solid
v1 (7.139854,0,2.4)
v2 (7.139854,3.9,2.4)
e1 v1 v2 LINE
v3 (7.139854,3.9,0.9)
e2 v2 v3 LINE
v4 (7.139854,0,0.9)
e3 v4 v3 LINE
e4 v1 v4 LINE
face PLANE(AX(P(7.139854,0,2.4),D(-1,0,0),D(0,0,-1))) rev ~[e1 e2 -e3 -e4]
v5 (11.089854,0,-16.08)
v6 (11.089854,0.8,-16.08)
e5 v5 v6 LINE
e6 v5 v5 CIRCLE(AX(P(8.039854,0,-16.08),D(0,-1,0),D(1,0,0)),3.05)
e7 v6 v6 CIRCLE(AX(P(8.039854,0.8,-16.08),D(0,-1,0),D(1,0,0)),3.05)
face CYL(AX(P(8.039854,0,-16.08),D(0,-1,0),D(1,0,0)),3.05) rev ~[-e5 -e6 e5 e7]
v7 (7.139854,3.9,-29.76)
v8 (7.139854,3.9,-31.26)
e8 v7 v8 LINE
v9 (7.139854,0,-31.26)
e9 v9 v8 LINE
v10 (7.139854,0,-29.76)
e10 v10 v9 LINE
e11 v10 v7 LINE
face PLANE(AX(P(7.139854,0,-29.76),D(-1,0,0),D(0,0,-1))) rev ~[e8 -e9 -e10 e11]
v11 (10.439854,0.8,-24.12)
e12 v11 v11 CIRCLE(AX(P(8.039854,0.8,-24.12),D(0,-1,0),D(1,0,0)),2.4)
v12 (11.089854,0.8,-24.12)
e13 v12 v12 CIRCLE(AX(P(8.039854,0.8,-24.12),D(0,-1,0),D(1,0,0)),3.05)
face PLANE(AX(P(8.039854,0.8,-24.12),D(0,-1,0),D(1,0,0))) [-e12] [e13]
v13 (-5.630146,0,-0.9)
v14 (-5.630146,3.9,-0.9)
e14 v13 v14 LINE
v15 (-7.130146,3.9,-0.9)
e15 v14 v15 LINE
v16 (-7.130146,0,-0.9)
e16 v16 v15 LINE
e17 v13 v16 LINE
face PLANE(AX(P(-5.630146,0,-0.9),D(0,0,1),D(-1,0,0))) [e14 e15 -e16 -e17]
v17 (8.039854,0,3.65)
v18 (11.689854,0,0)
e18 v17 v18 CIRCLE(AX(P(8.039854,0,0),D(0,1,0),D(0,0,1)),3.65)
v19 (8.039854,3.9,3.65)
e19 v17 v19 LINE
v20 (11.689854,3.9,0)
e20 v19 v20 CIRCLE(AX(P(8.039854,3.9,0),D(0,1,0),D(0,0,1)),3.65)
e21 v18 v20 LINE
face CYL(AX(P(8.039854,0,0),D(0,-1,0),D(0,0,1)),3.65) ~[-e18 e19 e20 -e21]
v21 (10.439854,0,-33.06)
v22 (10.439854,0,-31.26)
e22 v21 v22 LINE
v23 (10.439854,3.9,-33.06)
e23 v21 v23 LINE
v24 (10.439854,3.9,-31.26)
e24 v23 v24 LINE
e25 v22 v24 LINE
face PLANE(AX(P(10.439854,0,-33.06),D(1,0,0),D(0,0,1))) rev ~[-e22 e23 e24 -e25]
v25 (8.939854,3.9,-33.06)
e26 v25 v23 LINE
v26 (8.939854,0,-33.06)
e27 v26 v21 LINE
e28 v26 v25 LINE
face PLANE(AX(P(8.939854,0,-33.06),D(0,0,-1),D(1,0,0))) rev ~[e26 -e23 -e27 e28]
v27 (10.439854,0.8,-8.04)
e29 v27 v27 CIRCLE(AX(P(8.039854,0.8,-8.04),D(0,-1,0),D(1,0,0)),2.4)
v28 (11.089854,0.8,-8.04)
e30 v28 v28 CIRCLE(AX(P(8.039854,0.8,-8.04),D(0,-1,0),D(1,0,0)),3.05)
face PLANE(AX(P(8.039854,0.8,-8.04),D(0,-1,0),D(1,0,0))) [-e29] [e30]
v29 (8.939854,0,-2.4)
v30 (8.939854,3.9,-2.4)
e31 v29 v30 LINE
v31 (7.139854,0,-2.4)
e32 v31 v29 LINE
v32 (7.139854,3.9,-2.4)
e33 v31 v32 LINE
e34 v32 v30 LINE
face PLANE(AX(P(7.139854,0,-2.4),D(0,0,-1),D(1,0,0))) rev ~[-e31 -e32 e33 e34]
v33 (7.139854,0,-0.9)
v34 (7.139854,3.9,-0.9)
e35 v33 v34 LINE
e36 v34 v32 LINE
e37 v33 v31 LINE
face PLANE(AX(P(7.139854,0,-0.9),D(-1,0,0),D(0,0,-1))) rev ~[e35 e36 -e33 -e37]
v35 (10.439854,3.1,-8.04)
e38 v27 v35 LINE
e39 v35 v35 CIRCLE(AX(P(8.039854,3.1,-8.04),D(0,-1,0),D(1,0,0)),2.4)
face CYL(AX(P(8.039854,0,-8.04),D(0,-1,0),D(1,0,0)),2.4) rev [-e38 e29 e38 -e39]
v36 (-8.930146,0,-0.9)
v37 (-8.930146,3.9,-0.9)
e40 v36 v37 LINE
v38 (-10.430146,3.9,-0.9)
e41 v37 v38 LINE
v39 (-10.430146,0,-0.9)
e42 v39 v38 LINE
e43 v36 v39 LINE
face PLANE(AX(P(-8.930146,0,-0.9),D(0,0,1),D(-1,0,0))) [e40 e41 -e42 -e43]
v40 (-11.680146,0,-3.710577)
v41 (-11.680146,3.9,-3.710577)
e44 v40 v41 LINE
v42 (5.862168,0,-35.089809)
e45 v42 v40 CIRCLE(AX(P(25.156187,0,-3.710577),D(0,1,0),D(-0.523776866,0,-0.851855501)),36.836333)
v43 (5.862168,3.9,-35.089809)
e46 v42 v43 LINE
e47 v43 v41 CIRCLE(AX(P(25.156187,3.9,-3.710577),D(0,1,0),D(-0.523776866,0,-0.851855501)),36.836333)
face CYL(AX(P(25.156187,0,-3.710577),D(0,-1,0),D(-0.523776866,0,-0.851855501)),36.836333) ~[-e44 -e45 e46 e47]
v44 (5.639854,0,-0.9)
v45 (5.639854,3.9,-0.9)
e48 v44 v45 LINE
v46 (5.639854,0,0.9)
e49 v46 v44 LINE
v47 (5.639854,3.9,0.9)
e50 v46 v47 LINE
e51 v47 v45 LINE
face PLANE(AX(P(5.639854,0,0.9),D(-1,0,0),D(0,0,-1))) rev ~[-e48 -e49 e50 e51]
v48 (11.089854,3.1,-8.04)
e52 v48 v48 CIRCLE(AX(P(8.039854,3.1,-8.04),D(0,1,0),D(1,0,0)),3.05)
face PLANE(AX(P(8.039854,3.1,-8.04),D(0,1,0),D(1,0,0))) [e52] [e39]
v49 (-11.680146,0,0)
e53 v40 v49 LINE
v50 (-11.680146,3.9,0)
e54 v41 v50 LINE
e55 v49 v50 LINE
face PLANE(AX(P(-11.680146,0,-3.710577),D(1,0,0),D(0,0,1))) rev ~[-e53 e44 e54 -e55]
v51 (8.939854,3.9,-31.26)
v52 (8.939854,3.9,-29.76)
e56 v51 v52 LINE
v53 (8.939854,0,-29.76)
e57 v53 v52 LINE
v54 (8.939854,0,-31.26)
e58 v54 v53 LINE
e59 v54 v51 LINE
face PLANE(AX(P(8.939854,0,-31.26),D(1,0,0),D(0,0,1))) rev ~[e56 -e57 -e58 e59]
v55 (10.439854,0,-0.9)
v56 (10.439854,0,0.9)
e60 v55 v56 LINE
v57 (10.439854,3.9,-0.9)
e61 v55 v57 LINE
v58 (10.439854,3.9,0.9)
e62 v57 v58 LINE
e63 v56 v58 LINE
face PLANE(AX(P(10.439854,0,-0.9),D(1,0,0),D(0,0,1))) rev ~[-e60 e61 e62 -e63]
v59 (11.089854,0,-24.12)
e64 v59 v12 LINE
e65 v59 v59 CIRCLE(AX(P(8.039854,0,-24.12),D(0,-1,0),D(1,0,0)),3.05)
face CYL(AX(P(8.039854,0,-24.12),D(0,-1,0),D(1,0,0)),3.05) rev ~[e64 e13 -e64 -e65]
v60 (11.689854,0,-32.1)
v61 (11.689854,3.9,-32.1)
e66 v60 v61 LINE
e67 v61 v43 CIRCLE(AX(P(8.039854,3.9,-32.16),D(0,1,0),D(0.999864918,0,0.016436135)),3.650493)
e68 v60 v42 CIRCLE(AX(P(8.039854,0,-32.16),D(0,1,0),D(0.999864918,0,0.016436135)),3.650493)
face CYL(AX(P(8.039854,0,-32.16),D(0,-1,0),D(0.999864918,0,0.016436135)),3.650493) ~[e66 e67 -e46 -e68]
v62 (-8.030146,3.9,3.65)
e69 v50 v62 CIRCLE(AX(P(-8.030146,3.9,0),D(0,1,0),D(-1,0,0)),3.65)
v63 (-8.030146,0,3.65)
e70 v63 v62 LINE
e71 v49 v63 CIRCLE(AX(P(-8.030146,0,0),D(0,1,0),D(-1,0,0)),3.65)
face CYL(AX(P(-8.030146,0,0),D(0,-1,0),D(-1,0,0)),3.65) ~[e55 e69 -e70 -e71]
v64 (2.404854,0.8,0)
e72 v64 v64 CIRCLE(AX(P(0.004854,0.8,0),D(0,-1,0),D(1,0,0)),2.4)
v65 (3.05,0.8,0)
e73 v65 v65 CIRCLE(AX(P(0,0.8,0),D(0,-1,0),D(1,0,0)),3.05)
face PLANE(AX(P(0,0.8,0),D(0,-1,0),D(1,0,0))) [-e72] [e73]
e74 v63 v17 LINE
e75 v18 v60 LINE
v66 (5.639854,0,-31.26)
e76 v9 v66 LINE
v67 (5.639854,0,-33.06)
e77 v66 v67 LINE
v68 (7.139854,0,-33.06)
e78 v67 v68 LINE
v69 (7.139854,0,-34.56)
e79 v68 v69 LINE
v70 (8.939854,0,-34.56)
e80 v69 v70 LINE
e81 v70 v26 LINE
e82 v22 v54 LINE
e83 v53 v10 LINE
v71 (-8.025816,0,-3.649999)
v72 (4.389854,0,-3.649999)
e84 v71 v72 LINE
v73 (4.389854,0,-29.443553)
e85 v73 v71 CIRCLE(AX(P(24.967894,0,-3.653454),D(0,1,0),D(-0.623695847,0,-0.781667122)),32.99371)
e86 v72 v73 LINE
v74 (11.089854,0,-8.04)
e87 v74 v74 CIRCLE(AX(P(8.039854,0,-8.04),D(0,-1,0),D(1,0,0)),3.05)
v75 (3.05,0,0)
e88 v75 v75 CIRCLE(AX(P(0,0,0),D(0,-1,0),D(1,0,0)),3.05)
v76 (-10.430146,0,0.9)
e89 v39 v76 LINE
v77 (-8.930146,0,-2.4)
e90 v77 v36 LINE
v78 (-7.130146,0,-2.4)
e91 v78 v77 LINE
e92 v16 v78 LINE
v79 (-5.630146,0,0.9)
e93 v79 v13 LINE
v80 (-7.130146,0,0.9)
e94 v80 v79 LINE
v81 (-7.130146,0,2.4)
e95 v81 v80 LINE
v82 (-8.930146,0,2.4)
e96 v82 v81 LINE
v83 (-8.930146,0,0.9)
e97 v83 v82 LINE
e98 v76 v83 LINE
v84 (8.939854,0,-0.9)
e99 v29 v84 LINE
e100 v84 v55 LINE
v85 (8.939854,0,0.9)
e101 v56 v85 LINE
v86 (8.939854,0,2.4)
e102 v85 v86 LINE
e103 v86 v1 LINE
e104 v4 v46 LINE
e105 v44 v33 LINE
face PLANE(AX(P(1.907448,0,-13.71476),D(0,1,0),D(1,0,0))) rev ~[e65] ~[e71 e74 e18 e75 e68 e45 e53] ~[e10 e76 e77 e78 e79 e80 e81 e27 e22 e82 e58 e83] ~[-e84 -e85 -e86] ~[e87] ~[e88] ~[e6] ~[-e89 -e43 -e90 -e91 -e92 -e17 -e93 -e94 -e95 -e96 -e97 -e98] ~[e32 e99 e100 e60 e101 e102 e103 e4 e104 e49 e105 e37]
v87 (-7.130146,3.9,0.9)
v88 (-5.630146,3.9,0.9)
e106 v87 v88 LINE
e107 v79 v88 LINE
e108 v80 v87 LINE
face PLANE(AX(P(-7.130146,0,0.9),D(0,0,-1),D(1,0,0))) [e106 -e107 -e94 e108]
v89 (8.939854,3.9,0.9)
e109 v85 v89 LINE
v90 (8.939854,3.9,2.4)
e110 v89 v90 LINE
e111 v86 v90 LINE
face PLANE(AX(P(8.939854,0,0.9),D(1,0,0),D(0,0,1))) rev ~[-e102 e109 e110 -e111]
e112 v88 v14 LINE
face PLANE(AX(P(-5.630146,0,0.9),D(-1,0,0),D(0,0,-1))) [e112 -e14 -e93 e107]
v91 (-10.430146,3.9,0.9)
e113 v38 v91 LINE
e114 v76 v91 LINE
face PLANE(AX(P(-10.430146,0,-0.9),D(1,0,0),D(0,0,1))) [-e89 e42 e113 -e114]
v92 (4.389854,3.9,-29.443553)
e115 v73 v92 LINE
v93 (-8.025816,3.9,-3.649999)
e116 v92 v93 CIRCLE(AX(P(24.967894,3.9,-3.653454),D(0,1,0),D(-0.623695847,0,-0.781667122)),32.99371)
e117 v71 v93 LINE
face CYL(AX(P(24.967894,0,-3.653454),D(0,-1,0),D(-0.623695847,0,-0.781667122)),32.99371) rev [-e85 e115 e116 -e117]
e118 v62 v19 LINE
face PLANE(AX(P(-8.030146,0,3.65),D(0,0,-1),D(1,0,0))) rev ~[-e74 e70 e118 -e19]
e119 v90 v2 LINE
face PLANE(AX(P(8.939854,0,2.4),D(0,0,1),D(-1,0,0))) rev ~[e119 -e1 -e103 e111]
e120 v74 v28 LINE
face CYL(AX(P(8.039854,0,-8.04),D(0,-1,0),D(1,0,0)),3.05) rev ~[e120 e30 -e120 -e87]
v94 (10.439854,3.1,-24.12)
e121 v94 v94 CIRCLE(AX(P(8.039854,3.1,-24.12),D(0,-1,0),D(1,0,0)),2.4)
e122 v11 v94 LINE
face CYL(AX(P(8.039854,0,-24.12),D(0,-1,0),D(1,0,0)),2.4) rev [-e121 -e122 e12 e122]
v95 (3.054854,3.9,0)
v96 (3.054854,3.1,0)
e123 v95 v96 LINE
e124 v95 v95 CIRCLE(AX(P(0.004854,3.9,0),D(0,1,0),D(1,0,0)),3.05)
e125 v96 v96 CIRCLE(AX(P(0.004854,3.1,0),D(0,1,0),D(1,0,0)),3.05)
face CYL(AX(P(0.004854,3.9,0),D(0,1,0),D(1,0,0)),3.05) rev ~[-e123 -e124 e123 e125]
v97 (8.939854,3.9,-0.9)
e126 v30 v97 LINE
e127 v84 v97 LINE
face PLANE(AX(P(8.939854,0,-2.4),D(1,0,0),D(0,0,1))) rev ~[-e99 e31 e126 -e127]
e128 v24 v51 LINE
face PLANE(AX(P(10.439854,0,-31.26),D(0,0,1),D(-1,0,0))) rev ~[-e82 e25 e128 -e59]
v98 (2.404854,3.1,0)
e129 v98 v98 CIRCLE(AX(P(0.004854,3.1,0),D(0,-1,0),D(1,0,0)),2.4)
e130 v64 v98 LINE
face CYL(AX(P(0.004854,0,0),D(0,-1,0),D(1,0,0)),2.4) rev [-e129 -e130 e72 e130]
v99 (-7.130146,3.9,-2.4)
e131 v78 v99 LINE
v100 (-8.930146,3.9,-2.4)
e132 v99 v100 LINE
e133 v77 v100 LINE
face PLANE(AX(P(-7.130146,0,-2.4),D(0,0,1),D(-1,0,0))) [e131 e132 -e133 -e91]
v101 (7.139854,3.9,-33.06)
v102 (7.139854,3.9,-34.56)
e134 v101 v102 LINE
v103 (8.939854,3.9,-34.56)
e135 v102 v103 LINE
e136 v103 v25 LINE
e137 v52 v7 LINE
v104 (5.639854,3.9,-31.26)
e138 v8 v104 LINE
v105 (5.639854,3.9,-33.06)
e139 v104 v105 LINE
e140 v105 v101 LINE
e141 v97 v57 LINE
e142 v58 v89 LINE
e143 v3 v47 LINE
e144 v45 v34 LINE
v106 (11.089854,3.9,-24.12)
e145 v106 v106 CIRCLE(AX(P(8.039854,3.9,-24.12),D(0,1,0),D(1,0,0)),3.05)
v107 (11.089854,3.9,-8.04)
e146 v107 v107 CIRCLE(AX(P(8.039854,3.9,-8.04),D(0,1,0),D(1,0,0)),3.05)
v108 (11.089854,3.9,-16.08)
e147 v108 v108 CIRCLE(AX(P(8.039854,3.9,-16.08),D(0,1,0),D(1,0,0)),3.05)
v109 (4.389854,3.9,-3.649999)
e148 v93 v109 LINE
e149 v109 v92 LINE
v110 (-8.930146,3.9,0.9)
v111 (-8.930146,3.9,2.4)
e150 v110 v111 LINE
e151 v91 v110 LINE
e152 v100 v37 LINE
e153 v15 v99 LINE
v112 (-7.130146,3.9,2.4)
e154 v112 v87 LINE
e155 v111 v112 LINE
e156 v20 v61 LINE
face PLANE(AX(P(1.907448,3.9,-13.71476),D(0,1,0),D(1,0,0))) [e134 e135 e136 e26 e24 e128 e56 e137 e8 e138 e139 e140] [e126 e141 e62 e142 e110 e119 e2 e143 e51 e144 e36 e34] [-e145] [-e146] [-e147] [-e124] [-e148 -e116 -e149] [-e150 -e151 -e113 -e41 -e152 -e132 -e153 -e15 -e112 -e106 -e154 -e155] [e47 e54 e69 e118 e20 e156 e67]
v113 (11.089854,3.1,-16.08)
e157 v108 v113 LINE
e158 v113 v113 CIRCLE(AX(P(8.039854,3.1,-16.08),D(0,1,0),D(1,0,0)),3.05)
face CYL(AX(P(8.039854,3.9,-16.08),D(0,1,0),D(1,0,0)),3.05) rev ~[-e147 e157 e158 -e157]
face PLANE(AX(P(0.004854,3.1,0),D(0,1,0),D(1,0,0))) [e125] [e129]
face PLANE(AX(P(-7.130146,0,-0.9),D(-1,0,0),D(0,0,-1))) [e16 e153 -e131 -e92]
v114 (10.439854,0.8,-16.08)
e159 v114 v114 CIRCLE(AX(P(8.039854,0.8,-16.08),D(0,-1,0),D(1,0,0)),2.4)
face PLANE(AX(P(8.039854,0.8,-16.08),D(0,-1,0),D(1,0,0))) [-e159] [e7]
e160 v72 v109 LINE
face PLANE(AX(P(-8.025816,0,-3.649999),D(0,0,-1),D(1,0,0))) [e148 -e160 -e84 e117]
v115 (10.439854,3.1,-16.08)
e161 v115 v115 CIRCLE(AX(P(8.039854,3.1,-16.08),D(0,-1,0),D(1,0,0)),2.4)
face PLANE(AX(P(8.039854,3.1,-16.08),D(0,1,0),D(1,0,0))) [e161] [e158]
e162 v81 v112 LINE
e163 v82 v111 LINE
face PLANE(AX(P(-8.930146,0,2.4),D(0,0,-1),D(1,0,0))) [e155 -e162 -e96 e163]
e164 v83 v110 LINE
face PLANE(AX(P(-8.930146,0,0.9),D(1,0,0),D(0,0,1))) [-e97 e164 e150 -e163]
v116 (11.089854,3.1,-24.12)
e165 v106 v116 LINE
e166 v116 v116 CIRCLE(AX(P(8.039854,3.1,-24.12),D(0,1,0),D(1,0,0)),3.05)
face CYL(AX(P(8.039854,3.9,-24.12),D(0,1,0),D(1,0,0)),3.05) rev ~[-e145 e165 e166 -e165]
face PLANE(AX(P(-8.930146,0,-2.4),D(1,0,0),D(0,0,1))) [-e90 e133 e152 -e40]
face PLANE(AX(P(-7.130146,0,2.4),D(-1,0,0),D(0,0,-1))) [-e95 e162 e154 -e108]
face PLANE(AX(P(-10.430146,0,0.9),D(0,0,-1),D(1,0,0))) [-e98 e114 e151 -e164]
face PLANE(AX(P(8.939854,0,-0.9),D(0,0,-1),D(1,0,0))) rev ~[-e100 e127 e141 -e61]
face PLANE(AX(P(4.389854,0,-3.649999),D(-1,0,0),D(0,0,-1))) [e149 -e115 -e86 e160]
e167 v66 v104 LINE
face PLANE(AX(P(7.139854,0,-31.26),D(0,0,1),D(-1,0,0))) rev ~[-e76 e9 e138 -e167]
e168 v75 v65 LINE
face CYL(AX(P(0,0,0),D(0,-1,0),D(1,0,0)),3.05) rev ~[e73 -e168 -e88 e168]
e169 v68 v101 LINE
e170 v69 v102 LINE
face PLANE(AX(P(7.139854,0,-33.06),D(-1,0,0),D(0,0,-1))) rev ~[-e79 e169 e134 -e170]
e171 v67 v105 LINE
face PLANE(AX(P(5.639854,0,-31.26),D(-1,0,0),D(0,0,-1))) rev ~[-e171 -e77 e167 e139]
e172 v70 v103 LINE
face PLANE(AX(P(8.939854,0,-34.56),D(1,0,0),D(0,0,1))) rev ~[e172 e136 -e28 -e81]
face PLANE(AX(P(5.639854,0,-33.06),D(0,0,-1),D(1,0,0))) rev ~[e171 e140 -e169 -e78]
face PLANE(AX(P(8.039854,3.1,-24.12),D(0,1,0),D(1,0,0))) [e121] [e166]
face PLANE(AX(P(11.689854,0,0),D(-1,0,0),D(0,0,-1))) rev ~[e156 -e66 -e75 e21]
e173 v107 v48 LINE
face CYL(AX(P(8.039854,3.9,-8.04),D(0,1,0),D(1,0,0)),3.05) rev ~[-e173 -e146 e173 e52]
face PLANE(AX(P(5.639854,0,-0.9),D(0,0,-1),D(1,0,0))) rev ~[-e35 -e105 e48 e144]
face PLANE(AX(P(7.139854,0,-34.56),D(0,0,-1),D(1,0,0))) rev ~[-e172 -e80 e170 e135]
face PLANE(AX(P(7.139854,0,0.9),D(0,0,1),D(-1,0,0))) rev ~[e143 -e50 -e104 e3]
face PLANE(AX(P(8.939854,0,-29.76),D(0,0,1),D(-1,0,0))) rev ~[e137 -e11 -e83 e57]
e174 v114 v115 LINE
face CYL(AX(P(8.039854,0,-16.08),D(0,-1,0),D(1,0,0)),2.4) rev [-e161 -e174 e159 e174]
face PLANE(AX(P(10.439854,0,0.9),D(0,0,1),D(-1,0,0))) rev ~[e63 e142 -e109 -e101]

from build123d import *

# Parameters (mm, degrees)
SKETCH1_R           = 2.4
BOSS_EXTRUDE3_DEPTH = 3.9
SKETCH3_R           = 3.05
CUT_EXTRUDE16_DEPTH = 0.8
SKETCH4_R           = 3.05
CUT_EXTRUDE17_DEPTH = 0.8


with BuildPart() as part:
    # Sketch1 → Boss-Extrude3 (new body)
    with BuildSketch(Plane(origin=(0, 0, 0), x_dir=(1, 0, 0), z_dir=(0, 1, 0))):
        with BuildLine():
            Line((-8.030145899, -3.65), (8.039854101, -3.65))
            ThreePointArc((8.039854101, -3.65), (10.620793852, -2.580939751), (11.689854101, 0))
            Line((11.689854101, 0), (11.689854101, 32.1))
            ThreePointArc((11.689854101, 32.1), (9.706187522, 35.407989059), (5.862167957, 35.08980939))
            ThreePointArc((5.862167957, 35.08980939), (-6.996855856, 21.685482921), (-11.680145899, 3.710576637))
            Line((-11.680145899, 3.710576637), (-11.680145899, 0))
            ThreePointArc((-11.680145899, 0), (-10.611085651, -2.580939751), (-8.030145899, -3.65))
        make_face()
        with Locations((0.004854101, 0)):
            Circle(SKETCH1_R, mode=Mode.SUBTRACT)
        with Locations((8.039854101, 24.12)):
            Circle(SKETCH1_R, mode=Mode.SUBTRACT)
        with Locations((8.039854101, 16.08)):
            Circle(SKETCH1_R, mode=Mode.SUBTRACT)
        with Locations((8.039854101, 8.04)):
            Circle(SKETCH1_R, mode=Mode.SUBTRACT)
        with BuildLine():
            Line((-8.025815842, 3.649998716), (4.389854101, 3.649998716))
            Line((4.389854101, 3.649998716), (4.389854101, 29.443552649))
            ThreePointArc((4.389854101, 29.443552649), (-4.761047259, 17.963414157), (-8.025815842, 3.649998716))
        make_face(mode=Mode.SUBTRACT)
        Polygon((-8.930145899, 0.9), (-10.430145899, 0.9), (-10.430145899, -0.9), (-8.930145899, -0.9), (-8.930145899, -2.4), (-7.130145899, -2.4), (-7.130145899, -0.9), (-5.630145899, -0.9), (-5.630145899, 0.9), (-7.130145899, 0.9), (-7.130145899, 2.4), (-8.930145899, 2.4), align=None, mode=Mode.SUBTRACT)
        Polygon((10.439854101, -0.9), (8.939854101, -0.9), (8.939854101, -2.4), (7.139854101, -2.4), (7.139854101, -0.9), (5.639854101, -0.9), (5.639854101, 0.9), (7.139854101, 0.9), (7.139854101, 2.4), (8.939854101, 2.4), (8.939854101, 0.9), (10.439854101, 0.9), align=None, mode=Mode.SUBTRACT)
        Polygon((5.639854101, 33.06), (7.139854101, 33.06), (7.139854101, 34.56), (8.939854101, 34.56), (8.939854101, 33.06), (10.439854101, 33.06), (10.439854101, 31.26), (8.939854101, 31.26), (8.939854101, 29.76), (7.139854101, 29.76), (7.139854101, 31.26), (5.639854101, 31.26), align=None, mode=Mode.SUBTRACT)
    extrude(amount=BOSS_EXTRUDE3_DEPTH)

    # Sketch3 → Cut-Extrude16 (cut)
    with BuildSketch(Plane(origin=(0, 3.9, 0), x_dir=(1, 0, 0), z_dir=(0, 1, 0))):
        with Locations((0.004854101, 0)):
            Circle(SKETCH3_R)
        with Locations((8.039854101, 8.04)):
            Circle(SKETCH3_R)
        with Locations((8.039854101, 16.08)):
            Circle(SKETCH3_R)
        with Locations((8.039854101, 24.12)):
            Circle(SKETCH3_R)
    extrude(amount=-CUT_EXTRUDE16_DEPTH, mode=Mode.SUBTRACT)

    # Sketch4 → Cut-Extrude17 (cut)
    with BuildSketch(Plane.XZ):
        Circle(SKETCH4_R)
        with Locations((8.039854101, -8.04)):
            Circle(SKETCH4_R)
        with Locations((8.039854101, -16.08)):
            Circle(SKETCH4_R)
        with Locations((8.039854101, -24.12)):
            Circle(SKETCH4_R)
    extrude(amount=-CUT_EXTRUDE17_DEPTH, mode=Mode.SUBTRACT)


solid = part.part
